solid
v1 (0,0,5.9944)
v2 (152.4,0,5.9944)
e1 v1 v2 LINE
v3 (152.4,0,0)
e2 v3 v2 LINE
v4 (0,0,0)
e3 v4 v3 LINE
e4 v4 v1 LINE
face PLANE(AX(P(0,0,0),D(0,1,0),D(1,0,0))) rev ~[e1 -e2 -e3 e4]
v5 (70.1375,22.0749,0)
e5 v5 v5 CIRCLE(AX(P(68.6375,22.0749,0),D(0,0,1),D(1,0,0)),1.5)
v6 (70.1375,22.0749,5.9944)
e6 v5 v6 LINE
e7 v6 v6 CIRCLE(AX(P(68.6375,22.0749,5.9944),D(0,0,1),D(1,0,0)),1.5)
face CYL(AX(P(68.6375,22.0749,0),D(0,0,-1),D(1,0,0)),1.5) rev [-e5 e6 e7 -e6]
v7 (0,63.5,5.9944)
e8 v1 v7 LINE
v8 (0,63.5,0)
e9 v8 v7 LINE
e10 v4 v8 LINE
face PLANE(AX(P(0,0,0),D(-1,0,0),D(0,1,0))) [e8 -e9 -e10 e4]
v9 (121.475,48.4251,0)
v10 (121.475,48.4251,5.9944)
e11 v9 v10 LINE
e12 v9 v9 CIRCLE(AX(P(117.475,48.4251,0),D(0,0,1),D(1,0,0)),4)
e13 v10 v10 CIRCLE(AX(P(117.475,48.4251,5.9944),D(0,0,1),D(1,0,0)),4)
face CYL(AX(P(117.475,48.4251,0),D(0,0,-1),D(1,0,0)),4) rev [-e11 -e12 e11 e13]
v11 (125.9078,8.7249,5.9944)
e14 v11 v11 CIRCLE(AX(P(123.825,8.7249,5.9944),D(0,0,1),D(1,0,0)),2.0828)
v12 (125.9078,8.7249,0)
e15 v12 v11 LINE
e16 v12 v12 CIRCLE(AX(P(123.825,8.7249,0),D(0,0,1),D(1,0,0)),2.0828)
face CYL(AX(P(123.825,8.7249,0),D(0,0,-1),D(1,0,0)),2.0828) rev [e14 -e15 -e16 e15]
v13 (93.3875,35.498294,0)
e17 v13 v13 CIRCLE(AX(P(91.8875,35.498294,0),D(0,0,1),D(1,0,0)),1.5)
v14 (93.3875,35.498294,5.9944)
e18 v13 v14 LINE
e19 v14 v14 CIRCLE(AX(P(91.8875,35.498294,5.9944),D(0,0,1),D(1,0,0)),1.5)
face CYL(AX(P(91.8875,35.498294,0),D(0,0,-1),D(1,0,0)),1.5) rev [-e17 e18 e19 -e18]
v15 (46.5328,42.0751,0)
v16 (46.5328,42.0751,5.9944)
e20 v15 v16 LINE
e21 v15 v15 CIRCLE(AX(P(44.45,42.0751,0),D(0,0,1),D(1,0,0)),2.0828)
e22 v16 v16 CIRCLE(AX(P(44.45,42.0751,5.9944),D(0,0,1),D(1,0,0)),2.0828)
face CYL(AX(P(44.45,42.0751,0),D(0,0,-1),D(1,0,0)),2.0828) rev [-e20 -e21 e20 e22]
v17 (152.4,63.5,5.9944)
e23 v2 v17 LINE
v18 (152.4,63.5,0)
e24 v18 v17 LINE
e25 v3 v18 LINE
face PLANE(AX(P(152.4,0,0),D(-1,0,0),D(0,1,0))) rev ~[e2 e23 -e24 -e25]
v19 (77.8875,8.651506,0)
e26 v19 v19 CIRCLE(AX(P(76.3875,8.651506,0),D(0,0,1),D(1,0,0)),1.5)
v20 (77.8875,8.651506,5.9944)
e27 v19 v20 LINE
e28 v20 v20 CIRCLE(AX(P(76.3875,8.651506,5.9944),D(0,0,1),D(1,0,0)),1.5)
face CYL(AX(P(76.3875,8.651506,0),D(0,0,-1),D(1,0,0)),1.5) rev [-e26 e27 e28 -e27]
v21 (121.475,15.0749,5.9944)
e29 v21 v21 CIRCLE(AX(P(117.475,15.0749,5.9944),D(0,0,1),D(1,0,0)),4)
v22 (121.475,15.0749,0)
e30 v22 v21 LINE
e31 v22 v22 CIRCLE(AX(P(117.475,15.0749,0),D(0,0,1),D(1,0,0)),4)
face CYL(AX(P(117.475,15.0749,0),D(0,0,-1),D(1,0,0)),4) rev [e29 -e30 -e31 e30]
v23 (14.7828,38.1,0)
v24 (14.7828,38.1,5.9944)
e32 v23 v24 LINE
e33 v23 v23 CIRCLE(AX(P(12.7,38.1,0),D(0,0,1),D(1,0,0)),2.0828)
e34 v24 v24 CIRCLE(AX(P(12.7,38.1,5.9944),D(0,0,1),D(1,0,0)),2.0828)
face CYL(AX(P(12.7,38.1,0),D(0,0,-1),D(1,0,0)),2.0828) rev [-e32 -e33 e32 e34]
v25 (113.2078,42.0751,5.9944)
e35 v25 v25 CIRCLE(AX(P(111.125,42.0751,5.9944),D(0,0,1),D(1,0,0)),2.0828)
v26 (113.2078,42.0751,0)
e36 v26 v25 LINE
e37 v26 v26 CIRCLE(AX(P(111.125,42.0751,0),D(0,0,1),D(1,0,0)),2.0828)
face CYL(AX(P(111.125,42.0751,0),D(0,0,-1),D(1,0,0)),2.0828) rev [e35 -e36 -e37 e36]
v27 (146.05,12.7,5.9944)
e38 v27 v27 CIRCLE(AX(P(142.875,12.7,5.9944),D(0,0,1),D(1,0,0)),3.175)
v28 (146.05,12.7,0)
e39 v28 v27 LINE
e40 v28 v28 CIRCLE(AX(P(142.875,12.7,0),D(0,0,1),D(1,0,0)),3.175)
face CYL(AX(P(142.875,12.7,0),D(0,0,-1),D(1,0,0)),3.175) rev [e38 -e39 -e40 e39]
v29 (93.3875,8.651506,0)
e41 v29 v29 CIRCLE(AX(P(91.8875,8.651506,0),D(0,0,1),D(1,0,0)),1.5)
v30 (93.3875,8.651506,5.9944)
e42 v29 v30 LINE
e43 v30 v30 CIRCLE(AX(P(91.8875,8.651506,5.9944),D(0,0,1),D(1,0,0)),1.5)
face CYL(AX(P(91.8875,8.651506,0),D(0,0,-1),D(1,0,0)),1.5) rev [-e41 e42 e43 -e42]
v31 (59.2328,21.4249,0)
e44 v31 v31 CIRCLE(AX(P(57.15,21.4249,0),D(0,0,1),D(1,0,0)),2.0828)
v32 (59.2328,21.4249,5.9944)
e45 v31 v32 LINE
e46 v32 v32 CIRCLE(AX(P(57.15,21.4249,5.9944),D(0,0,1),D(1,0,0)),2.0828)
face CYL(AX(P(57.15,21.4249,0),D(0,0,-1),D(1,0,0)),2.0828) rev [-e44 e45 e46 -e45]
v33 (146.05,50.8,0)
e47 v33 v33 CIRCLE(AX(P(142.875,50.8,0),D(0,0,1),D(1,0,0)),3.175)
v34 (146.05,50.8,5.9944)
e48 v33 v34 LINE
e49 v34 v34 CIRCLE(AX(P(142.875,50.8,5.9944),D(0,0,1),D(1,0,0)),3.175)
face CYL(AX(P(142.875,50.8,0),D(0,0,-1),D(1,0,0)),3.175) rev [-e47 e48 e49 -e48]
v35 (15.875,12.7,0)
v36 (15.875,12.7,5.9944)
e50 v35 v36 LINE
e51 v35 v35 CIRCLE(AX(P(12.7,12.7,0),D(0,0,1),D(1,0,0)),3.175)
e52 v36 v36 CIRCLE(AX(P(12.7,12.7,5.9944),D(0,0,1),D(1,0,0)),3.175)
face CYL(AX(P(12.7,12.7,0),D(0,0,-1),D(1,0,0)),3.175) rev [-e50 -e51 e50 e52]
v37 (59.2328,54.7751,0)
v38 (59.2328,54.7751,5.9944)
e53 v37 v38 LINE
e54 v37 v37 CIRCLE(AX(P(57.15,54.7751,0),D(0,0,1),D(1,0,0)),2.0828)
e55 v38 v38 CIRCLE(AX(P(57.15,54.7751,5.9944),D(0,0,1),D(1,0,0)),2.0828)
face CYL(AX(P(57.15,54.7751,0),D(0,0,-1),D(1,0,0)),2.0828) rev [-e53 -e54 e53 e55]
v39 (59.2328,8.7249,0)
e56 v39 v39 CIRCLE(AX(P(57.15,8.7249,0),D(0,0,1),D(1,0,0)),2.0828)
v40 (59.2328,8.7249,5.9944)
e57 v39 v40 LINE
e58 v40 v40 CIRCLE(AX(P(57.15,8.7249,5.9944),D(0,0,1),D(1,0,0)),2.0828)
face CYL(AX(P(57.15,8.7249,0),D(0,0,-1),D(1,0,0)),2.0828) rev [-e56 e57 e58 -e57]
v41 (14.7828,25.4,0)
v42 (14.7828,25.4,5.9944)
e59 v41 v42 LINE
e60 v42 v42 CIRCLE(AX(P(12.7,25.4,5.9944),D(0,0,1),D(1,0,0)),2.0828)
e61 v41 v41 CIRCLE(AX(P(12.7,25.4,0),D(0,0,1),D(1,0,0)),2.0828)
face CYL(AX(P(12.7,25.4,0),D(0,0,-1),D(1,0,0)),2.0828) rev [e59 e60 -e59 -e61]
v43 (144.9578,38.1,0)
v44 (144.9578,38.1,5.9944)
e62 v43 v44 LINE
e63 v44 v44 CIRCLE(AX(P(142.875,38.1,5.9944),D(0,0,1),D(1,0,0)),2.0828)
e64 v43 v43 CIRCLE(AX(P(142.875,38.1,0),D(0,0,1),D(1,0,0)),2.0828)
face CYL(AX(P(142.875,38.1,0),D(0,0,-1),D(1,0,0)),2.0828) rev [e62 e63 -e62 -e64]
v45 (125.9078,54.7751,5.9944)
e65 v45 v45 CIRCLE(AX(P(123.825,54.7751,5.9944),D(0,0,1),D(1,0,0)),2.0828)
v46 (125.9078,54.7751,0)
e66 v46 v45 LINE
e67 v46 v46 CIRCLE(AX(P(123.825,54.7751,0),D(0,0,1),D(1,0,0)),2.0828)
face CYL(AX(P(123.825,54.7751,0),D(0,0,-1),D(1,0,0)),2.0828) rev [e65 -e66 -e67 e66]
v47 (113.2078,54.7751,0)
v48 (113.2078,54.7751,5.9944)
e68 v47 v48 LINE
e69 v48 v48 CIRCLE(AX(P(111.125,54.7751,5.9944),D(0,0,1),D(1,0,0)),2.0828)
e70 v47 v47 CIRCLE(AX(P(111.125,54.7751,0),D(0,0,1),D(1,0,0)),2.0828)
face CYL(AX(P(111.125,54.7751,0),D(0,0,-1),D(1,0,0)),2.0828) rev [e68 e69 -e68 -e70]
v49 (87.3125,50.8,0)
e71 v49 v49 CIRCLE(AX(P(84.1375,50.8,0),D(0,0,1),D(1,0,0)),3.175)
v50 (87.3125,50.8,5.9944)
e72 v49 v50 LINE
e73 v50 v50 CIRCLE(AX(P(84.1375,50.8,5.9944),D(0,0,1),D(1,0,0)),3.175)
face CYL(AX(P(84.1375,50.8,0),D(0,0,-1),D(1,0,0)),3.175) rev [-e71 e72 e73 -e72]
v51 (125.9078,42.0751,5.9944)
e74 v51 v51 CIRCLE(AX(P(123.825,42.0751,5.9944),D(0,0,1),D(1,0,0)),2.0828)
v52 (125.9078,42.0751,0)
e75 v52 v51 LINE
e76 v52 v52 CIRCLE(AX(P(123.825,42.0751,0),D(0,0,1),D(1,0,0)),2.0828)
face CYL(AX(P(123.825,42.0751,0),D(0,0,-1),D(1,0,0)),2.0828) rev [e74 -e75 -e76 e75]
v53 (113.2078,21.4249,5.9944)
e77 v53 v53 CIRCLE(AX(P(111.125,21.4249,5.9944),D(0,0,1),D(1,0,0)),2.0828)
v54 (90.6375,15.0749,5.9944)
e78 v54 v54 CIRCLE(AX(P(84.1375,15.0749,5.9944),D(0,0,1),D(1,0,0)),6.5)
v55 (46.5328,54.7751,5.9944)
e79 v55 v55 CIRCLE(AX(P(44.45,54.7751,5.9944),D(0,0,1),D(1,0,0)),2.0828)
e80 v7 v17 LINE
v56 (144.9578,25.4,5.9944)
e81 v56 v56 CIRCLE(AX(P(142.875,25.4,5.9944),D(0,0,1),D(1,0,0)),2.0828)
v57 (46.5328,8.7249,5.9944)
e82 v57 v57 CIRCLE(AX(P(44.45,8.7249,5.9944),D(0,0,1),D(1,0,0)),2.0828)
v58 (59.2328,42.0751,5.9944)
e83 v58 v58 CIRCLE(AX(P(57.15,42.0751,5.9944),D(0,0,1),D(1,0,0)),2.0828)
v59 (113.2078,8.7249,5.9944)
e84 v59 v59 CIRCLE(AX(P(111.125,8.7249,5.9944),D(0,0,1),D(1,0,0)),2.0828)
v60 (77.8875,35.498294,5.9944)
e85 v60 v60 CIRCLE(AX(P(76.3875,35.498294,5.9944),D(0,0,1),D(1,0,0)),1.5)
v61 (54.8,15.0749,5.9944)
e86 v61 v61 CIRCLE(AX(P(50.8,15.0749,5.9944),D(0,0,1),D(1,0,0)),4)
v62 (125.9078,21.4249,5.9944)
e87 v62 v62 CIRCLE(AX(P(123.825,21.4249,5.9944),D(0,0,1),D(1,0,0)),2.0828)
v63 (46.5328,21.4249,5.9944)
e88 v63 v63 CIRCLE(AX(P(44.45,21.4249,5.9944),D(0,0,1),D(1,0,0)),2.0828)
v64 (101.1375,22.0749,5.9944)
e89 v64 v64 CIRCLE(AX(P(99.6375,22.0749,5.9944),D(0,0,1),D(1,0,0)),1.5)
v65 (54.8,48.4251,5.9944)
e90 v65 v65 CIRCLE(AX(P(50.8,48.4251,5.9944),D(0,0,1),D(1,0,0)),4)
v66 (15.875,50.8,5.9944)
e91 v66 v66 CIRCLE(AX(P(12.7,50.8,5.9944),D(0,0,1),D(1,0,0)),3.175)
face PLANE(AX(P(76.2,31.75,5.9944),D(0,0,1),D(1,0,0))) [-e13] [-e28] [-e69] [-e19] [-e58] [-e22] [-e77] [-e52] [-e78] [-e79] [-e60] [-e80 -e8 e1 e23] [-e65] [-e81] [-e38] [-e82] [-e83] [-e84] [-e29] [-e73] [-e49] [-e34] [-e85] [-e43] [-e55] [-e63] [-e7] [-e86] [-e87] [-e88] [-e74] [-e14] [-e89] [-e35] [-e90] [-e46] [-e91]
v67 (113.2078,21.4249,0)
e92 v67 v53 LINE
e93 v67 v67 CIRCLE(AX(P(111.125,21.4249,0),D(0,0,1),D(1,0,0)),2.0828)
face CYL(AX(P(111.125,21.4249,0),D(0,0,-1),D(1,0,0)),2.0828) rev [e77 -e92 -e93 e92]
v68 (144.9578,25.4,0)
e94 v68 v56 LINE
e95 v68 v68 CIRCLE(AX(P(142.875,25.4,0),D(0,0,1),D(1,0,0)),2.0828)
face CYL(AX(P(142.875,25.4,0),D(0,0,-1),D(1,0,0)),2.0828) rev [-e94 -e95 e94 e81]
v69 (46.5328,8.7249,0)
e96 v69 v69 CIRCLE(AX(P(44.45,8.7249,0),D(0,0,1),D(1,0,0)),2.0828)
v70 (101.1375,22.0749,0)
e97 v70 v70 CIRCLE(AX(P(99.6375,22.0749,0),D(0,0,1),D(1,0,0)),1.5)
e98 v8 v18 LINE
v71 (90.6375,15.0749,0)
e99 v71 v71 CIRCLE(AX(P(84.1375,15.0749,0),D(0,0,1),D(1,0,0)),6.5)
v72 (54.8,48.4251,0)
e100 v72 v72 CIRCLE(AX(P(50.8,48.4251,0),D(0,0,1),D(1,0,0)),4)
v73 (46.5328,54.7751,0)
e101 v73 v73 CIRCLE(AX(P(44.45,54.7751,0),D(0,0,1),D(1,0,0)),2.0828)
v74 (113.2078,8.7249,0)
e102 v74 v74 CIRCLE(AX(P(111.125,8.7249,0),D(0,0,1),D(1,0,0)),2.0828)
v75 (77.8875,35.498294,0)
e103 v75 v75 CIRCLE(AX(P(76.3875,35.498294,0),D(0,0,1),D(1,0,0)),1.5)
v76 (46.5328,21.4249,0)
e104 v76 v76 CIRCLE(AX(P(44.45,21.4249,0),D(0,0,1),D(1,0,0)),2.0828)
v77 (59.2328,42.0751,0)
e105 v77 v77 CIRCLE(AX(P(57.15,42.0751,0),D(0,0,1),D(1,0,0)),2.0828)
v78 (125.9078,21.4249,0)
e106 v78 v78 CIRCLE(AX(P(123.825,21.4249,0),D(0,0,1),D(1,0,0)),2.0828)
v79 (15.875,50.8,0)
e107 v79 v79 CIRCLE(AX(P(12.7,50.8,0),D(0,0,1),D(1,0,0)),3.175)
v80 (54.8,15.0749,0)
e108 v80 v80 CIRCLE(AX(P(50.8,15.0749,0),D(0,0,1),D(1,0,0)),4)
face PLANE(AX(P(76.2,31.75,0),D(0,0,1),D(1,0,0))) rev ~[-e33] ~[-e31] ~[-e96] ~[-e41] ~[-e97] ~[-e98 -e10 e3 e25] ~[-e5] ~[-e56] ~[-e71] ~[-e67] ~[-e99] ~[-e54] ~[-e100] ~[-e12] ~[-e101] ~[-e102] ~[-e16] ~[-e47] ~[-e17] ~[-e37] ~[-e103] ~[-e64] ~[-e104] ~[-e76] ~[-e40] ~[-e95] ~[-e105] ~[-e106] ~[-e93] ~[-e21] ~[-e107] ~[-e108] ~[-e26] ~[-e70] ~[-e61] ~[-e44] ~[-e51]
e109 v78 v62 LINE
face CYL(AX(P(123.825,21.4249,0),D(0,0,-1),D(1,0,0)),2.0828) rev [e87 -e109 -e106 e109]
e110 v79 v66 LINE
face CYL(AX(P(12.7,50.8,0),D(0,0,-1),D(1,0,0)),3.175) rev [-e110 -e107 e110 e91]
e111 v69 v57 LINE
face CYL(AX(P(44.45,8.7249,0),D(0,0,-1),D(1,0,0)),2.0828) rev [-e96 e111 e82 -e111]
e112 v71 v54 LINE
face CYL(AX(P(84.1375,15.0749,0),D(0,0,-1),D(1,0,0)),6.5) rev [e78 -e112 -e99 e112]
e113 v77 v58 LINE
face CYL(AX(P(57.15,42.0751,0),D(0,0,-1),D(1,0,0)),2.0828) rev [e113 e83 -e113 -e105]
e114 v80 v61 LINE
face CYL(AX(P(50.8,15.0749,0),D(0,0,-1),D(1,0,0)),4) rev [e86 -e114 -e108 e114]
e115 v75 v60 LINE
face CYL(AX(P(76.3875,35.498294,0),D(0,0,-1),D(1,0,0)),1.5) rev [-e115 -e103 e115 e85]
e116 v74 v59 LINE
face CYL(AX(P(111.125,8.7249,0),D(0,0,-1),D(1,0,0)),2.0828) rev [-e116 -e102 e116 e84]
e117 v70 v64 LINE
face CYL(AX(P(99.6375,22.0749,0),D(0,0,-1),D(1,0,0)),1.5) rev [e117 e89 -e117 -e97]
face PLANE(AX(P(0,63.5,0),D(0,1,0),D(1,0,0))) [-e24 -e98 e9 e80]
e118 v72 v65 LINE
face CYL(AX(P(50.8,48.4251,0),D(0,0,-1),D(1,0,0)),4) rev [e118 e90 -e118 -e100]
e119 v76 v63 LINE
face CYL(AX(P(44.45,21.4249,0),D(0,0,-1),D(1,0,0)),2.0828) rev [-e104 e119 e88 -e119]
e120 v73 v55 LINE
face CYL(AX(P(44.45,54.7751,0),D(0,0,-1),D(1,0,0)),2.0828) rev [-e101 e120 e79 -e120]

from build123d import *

# Parameters (mm, degrees)
SKETCH1_W           = 152.4
SKETCH1_H           = 63.5
SKETCH1_R           = 6.5
SKETCH1_R_2         = 1.5
SKETCH1_R_3         = 4
SKETCH1_R_4         = 3.175
SKETCH1_R_5         = 2.0828
BOSS_EXTRUDE1_DEPTH = 5.9944


with BuildPart() as part:
    # Sketch1 → Boss-Extrude1 (new body)
    with BuildSketch(Plane.XY):
        with Locations((76.2, 31.75)):
            Rectangle(SKETCH1_W, SKETCH1_H)
        with Locations((84.1375, 15.0749)):
            Circle(SKETCH1_R, mode=Mode.SUBTRACT)
        with Locations((68.6375, 22.0749)):
            Circle(SKETCH1_R_2, mode=Mode.SUBTRACT)
        with Locations((99.6375, 22.0749)):
            Circle(SKETCH1_R_2, mode=Mode.SUBTRACT)
        with Locations((91.8875, 8.651506241)):
            Circle(SKETCH1_R_2, mode=Mode.SUBTRACT)
        with Locations((76.3875, 8.651506241)):
            Circle(SKETCH1_R_2, mode=Mode.SUBTRACT)
        with Locations((76.3875, 35.498293759)):
            Circle(SKETCH1_R_2, mode=Mode.SUBTRACT)
        with Locations((91.8875, 35.498293759)):
            Circle(SKETCH1_R_2, mode=Mode.SUBTRACT)
        with Locations((50.8, 48.4251)):
            Circle(SKETCH1_R_3, mode=Mode.SUBTRACT)
        with Locations((12.7, 50.8)):
            Circle(SKETCH1_R_4, mode=Mode.SUBTRACT)
        with Locations((12.7, 12.7)):
            Circle(SKETCH1_R_4, mode=Mode.SUBTRACT)
        with Locations((117.475, 48.4251)):
            Circle(SKETCH1_R_3, mode=Mode.SUBTRACT)
        with Locations((117.475, 15.0749)):
            Circle(SKETCH1_R_3, mode=Mode.SUBTRACT)
        with Locations((50.8, 15.0749)):
            Circle(SKETCH1_R_3, mode=Mode.SUBTRACT)
        with Locations((44.45, 21.4249)):
            Circle(SKETCH1_R_5, mode=Mode.SUBTRACT)
        with Locations((44.45, 8.7249)):
            Circle(SKETCH1_R_5, mode=Mode.SUBTRACT)
        with Locations((57.15, 8.7249)):
            Circle(SKETCH1_R_5, mode=Mode.SUBTRACT)
        with Locations((57.15, 21.4249)):
            Circle(SKETCH1_R_5, mode=Mode.SUBTRACT)
        with Locations((44.45, 54.7751)):
            Circle(SKETCH1_R_5, mode=Mode.SUBTRACT)
        with Locations((44.45, 42.0751)):
            Circle(SKETCH1_R_5, mode=Mode.SUBTRACT)
        with Locations((57.15, 42.0751)):
            Circle(SKETCH1_R_5, mode=Mode.SUBTRACT)
        with Locations((57.15, 54.7751)):
            Circle(SKETCH1_R_5, mode=Mode.SUBTRACT)
        with Locations((111.125, 54.7751)):
            Circle(SKETCH1_R_5, mode=Mode.SUBTRACT)
        with Locations((111.125, 42.0751)):
            Circle(SKETCH1_R_5, mode=Mode.SUBTRACT)
        with Locations((123.825, 42.0751)):
            Circle(SKETCH1_R_5, mode=Mode.SUBTRACT)
        with Locations((123.825, 54.7751)):
            Circle(SKETCH1_R_5, mode=Mode.SUBTRACT)
        with Locations((142.875, 50.8)):
            Circle(SKETCH1_R_4, mode=Mode.SUBTRACT)
        with Locations((142.875, 12.7)):
            Circle(SKETCH1_R_4, mode=Mode.SUBTRACT)
        with Locations((84.1375, 50.8)):
            Circle(SKETCH1_R_4, mode=Mode.SUBTRACT)
        with Locations((12.7, 38.1)):
            Circle(SKETCH1_R_5, mode=Mode.SUBTRACT)
        with Locations((111.125, 21.4249)):
            Circle(SKETCH1_R_5, mode=Mode.SUBTRACT)
        with Locations((111.125, 8.7249)):
            Circle(SKETCH1_R_5, mode=Mode.SUBTRACT)
        with Locations((123.825, 8.7249)):
            Circle(SKETCH1_R_5, mode=Mode.SUBTRACT)
        with Locations((123.825, 21.4249)):
            Circle(SKETCH1_R_5, mode=Mode.SUBTRACT)
        with Locations((12.7, 25.4)):
            Circle(SKETCH1_R_5, mode=Mode.SUBTRACT)
        with Locations((142.875, 38.1)):
            Circle(SKETCH1_R_5, mode=Mode.SUBTRACT)
        with Locations((142.875, 25.4)):
            Circle(SKETCH1_R_5, mode=Mode.SUBTRACT)
    extrude(amount=BOSS_EXTRUDE1_DEPTH)


solid = part.part
